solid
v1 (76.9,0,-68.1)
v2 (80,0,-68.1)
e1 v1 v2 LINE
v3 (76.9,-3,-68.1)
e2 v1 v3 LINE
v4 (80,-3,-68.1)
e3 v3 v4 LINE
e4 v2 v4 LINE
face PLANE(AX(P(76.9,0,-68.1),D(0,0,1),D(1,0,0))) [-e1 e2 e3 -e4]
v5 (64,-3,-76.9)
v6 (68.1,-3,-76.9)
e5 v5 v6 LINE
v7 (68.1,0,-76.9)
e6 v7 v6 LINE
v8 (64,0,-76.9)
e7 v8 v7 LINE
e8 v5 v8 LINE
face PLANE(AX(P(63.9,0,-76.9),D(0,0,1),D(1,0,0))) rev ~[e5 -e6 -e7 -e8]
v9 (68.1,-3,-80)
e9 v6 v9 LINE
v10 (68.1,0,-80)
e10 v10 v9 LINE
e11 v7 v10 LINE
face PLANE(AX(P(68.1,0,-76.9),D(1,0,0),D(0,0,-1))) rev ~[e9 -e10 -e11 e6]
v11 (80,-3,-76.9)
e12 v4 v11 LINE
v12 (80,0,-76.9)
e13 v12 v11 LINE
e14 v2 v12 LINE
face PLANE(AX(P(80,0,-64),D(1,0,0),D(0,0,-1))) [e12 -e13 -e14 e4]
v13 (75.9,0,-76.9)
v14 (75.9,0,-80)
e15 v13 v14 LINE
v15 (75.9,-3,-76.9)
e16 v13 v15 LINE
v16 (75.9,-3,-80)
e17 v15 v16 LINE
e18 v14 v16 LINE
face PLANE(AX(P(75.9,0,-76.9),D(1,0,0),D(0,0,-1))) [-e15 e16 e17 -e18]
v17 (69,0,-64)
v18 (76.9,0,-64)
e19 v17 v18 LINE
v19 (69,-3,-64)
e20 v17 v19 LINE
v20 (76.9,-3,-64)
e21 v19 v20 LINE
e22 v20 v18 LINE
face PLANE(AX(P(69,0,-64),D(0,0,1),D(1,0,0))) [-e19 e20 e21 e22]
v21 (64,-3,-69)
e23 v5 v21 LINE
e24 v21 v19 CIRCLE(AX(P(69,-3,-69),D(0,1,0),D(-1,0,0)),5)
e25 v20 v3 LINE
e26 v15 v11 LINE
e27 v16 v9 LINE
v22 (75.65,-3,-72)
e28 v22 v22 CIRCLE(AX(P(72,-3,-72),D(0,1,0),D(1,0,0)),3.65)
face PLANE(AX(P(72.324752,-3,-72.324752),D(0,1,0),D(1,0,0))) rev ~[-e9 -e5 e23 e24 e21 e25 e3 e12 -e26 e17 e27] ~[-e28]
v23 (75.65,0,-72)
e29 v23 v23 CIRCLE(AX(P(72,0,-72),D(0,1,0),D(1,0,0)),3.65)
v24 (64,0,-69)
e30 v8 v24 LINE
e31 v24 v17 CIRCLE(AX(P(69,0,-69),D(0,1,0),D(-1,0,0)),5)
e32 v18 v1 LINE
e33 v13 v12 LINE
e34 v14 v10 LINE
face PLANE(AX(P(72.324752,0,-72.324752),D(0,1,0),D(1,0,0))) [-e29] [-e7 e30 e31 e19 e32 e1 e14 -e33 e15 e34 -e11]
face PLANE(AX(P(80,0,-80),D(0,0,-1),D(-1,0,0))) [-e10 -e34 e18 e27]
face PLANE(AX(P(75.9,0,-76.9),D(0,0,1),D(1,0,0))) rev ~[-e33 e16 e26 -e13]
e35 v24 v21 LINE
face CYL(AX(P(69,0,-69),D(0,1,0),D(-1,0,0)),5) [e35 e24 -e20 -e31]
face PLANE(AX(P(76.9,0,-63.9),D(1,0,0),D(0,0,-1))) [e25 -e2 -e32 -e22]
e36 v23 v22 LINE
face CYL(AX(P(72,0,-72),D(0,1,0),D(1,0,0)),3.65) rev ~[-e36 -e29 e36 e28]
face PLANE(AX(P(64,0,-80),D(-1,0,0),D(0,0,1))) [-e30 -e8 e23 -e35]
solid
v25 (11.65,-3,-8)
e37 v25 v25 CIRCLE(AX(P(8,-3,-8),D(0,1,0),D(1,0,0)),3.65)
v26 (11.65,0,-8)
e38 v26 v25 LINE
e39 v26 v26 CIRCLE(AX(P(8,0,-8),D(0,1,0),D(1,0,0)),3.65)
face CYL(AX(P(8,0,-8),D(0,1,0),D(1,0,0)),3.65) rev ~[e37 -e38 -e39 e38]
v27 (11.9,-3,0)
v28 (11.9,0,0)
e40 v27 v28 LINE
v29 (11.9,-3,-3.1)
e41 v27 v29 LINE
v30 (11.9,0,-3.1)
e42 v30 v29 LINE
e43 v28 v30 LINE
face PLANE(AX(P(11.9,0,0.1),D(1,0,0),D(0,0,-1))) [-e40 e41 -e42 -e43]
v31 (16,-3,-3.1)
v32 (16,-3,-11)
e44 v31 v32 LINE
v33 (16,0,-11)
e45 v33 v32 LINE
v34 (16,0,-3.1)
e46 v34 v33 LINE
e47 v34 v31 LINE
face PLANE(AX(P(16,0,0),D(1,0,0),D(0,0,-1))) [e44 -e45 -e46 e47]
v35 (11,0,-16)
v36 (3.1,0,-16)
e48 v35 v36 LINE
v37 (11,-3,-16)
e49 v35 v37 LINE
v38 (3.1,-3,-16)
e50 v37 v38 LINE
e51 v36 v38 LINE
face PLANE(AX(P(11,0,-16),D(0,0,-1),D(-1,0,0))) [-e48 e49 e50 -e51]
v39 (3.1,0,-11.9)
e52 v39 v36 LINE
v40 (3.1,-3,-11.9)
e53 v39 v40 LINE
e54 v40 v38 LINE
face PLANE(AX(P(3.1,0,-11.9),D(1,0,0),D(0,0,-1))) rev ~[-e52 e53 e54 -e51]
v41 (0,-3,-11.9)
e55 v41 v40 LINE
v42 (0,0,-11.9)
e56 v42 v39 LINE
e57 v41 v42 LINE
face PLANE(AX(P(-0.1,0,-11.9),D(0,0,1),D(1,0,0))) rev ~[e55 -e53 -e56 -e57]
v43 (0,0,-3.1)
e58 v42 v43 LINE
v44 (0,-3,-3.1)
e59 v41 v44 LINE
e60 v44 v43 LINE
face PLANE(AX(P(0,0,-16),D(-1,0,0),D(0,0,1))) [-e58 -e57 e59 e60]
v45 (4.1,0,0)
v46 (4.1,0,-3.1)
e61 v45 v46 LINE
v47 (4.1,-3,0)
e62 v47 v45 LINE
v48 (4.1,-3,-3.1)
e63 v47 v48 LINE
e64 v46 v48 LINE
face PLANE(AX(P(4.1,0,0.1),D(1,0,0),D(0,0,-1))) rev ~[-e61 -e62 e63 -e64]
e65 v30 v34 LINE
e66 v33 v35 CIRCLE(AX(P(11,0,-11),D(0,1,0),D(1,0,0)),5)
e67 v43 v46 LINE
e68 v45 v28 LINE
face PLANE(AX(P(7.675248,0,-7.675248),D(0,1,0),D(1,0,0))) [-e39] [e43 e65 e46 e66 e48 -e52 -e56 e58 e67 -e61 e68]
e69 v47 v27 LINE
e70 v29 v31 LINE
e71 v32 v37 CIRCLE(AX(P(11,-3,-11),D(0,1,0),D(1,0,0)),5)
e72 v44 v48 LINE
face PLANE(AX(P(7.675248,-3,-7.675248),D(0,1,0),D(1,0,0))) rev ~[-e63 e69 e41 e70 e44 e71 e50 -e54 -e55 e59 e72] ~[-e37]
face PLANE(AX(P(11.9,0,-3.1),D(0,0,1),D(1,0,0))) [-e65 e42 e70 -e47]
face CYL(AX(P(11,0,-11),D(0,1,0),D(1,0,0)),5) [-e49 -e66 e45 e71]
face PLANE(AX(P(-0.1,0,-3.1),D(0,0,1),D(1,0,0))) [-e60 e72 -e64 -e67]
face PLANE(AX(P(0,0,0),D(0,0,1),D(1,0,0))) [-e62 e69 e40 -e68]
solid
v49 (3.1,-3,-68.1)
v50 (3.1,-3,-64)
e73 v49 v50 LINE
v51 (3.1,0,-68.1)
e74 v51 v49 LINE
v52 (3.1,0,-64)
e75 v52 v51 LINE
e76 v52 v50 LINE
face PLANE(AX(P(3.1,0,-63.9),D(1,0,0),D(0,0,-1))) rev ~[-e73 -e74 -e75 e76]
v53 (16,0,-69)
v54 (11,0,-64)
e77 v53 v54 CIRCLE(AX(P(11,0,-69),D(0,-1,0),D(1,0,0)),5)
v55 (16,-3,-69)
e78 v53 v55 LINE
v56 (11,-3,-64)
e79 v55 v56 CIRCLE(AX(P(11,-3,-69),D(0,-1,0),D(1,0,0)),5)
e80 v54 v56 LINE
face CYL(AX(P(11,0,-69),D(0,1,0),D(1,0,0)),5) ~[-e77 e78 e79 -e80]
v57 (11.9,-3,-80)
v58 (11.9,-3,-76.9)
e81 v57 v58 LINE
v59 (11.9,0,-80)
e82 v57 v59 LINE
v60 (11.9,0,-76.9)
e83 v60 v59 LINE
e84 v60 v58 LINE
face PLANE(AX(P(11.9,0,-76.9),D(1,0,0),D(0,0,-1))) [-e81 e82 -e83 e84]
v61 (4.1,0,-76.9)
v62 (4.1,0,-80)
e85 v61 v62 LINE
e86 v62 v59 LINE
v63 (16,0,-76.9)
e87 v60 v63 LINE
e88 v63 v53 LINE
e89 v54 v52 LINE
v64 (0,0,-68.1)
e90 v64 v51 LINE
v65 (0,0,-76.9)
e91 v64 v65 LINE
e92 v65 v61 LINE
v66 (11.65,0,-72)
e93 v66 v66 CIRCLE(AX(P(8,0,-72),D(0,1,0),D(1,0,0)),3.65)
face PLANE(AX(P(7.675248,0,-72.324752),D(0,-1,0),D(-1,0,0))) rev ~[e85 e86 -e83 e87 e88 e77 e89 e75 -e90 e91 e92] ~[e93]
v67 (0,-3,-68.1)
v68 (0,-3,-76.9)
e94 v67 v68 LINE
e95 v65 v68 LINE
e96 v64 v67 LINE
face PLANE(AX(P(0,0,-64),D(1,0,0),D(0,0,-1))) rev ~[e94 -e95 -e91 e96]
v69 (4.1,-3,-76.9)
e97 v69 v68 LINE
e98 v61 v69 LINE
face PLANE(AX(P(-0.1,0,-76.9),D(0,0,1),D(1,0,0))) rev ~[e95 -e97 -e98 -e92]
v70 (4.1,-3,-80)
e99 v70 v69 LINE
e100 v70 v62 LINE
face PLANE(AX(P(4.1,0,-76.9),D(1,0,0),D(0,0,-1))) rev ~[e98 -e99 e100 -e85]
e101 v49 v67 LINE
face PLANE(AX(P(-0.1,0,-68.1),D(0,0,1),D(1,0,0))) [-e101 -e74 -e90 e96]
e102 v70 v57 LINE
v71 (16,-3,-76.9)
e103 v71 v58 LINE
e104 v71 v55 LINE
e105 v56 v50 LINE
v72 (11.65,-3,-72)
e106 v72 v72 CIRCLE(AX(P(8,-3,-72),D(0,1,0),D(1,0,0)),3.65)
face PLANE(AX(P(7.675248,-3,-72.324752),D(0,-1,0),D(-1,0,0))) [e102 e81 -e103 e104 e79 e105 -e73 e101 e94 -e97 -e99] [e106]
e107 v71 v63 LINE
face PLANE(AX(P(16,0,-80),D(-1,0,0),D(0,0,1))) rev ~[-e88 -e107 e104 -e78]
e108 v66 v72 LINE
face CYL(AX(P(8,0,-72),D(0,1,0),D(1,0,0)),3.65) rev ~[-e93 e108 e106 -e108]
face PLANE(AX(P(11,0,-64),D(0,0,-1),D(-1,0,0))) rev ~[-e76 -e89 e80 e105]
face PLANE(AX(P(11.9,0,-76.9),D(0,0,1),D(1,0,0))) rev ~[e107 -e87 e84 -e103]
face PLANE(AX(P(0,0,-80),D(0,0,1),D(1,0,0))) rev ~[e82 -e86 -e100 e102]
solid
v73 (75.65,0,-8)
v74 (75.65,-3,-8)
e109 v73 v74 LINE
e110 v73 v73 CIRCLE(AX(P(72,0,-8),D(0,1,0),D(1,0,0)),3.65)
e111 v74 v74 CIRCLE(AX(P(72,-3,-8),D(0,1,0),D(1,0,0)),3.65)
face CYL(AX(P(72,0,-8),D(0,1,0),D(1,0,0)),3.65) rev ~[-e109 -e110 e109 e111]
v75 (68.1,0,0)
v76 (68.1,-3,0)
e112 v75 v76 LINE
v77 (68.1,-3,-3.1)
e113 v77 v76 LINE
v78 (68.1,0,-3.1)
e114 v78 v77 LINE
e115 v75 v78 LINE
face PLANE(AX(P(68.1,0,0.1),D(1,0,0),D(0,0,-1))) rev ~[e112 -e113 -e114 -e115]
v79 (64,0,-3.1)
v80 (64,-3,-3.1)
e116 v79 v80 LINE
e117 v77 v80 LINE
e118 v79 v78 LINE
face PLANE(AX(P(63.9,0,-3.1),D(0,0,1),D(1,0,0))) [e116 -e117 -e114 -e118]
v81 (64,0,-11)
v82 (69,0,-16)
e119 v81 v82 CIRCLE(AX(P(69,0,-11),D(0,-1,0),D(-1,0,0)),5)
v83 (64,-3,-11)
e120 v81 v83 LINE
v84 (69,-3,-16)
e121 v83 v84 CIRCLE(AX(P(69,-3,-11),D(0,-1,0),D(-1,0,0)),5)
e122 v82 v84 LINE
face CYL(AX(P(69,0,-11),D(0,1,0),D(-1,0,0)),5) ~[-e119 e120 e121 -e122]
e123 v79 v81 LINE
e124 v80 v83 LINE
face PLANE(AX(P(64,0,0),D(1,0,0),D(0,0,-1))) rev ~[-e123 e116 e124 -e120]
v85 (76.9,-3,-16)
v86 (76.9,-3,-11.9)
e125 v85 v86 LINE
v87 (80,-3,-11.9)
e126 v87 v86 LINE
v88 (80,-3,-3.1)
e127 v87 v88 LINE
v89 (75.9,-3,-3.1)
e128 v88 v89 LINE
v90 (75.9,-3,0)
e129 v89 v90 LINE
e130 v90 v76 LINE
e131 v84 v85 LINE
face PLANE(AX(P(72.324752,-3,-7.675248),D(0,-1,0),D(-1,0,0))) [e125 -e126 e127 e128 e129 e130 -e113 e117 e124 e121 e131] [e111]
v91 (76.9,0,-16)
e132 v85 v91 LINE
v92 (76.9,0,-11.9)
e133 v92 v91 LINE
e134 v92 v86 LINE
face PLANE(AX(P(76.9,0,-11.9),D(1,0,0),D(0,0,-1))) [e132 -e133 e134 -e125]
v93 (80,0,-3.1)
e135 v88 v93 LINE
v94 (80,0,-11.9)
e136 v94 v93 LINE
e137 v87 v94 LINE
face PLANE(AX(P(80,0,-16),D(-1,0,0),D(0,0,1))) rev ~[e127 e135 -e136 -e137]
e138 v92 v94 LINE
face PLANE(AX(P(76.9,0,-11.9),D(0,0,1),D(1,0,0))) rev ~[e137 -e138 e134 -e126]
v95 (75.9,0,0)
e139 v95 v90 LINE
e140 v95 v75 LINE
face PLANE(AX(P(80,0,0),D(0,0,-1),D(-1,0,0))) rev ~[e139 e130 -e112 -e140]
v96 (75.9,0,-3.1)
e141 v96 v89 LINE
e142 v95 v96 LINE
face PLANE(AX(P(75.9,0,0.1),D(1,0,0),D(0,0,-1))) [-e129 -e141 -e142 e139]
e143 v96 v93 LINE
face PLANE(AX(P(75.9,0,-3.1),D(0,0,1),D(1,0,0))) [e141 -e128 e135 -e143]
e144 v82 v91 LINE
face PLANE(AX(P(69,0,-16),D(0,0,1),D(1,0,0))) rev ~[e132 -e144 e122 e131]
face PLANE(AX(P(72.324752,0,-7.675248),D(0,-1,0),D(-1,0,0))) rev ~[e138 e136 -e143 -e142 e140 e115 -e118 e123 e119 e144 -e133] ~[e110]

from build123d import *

# Parameters (mm, degrees)
SKETCH1_R             = 3.65
BOSS_EXTRUDE1_DEPTH   = 3
BOSS_EXTRUDE1_2_DEPTH = 3
BOSS_EXTRUDE1_3_DEPTH = 3
BOSS_EXTRUDE1_4_DEPTH = 3
SKETCH3_W             = 4.2
SKETCH3_H             = 3.2
SKETCH3_W_2           = 3.2
SKETCH3_H_2           = 4.2
CUT_EXTRUDE1_DEPTH    = 4


with BuildPart() as part:
    # Sketch1 → Boss-Extrude1 (new body)
    with BuildSketch(Plane(origin=(0, 0, 0), x_dir=(1, 0, 0), z_dir=(0, 1, 0))):
        with BuildLine():
            Line((0, 0), (16, 0))
            Line((16, 0), (16, 11))
            ThreePointArc((16, 11), (14.535533906, 14.535533906), (11, 16))
            Line((11, 16), (0, 16))
            Line((0, 16), (0, 0))
        make_face()
        with Locations((8, 8)):
            Circle(SKETCH1_R, mode=Mode.SUBTRACT)
    extrude(amount=-BOSS_EXTRUDE1_DEPTH)


with BuildPart() as body_2:
    # Sketch1 → Boss-Extrude1 2 (new body)
    with BuildSketch(Plane(origin=(0, 0, 0), x_dir=(1, 0, 0), z_dir=(0, 1, 0))):
        with BuildLine():
            Line((16, 80), (16, 69))
            ThreePointArc((16, 69), (14.535533906, 65.464466094), (11, 64))
            Line((11, 64), (0, 64))
            Line((0, 64), (0, 80))
            Line((0, 80), (16, 80))
        make_face()
        with Locations((8, 72)):
            Circle(SKETCH1_R, mode=Mode.SUBTRACT)
    extrude(amount=-BOSS_EXTRUDE1_2_DEPTH)


with BuildPart() as body_3:
    # Sketch1 → Boss-Extrude1 3 (new body)
    with BuildSketch(Plane(origin=(0, 0, 0), x_dir=(1, 0, 0), z_dir=(0, 1, 0))):
        with BuildLine():
            Line((80, 80), (64, 80))
            Line((64, 80), (64, 69))
            ThreePointArc((64, 69), (65.464466094, 65.464466094), (69, 64))
            Line((69, 64), (80, 64))
            Line((80, 64), (80, 80))
        make_face()
        with Locations((72, 72)):
            Circle(SKETCH1_R, mode=Mode.SUBTRACT)
    extrude(amount=-BOSS_EXTRUDE1_3_DEPTH)


with BuildPart() as body_4:
    # Sketch1 → Boss-Extrude1 4 (new body)
    with BuildSketch(Plane(origin=(0, 0, 0), x_dir=(1, 0, 0), z_dir=(0, 1, 0))):
        with BuildLine():
            Line((64, 0), (64, 11))
            ThreePointArc((64, 11), (65.464466094, 14.535533906), (69, 16))
            Line((69, 16), (80, 16))
            Line((80, 16), (80, 0))
            Line((80, 0), (64, 0))
        make_face()
        with Locations((72, 8)):
            Circle(SKETCH1_R, mode=Mode.SUBTRACT)
    extrude(amount=-BOSS_EXTRUDE1_4_DEPTH)


with BuildPart() as cut_extrude1_tool:
    # Sketch3 → Cut-Extrude1 (new body, through all)
    with BuildSketch(Plane(origin=(0, 0, 0), x_dir=(1, 0, 0), z_dir=(0, 1, 0))):
        with Locations((14, 1.5)):
            Rectangle(SKETCH3_W, SKETCH3_H)
        with Locations((1.5, 66)):
            Rectangle(SKETCH3_W_2, SKETCH3_H_2)
        with Locations((78.5, 14)):
            Rectangle(SKETCH3_W_2, SKETCH3_H_2)
        with Locations((78, 1.5)):
            Rectangle(SKETCH3_W, SKETCH3_H)
        with Locations((2, 1.5)):
            Rectangle(SKETCH3_W, SKETCH3_H)
        with Locations((1.5, 14)):
            Rectangle(SKETCH3_W_2, SKETCH3_H_2)
        with Locations((66, 1.5)):
            Rectangle(SKETCH3_W, SKETCH3_H)
        with Locations((78, 78.5)):
            Rectangle(SKETCH3_W, SKETCH3_H)
        with Locations((66, 78.5)):
            Rectangle(SKETCH3_W, SKETCH3_H)
        with Locations((14, 78.5)):
            Rectangle(SKETCH3_W, SKETCH3_H)
        with Locations((2, 78.5)):
            Rectangle(SKETCH3_W, SKETCH3_H)
        with Locations((78.5, 66)):
            Rectangle(SKETCH3_W_2, SKETCH3_H_2)
    extrude(amount=-CUT_EXTRUDE1_DEPTH)


with BuildPart() as part_1:
    add(part.part)

    # Cut-Extrude1: cut by cut_extrude1_tool
    add(cut_extrude1_tool.part, mode=Mode.SUBTRACT)


with BuildPart() as body_2_1:
    add(body_2.part)

    # Cut-Extrude1: cut by cut_extrude1_tool
    add(cut_extrude1_tool.part, mode=Mode.SUBTRACT)


with BuildPart() as body_3_1:
    add(body_3.part)

    # Cut-Extrude1: cut by cut_extrude1_tool
    add(cut_extrude1_tool.part, mode=Mode.SUBTRACT)


with BuildPart() as body_4_1:
    add(body_4.part)

    # Cut-Extrude1: cut by cut_extrude1_tool
    add(cut_extrude1_tool.part, mode=Mode.SUBTRACT)


solid = Compound([part_1.part, body_2_1.part, body_3_1.part, body_4_1.part])
